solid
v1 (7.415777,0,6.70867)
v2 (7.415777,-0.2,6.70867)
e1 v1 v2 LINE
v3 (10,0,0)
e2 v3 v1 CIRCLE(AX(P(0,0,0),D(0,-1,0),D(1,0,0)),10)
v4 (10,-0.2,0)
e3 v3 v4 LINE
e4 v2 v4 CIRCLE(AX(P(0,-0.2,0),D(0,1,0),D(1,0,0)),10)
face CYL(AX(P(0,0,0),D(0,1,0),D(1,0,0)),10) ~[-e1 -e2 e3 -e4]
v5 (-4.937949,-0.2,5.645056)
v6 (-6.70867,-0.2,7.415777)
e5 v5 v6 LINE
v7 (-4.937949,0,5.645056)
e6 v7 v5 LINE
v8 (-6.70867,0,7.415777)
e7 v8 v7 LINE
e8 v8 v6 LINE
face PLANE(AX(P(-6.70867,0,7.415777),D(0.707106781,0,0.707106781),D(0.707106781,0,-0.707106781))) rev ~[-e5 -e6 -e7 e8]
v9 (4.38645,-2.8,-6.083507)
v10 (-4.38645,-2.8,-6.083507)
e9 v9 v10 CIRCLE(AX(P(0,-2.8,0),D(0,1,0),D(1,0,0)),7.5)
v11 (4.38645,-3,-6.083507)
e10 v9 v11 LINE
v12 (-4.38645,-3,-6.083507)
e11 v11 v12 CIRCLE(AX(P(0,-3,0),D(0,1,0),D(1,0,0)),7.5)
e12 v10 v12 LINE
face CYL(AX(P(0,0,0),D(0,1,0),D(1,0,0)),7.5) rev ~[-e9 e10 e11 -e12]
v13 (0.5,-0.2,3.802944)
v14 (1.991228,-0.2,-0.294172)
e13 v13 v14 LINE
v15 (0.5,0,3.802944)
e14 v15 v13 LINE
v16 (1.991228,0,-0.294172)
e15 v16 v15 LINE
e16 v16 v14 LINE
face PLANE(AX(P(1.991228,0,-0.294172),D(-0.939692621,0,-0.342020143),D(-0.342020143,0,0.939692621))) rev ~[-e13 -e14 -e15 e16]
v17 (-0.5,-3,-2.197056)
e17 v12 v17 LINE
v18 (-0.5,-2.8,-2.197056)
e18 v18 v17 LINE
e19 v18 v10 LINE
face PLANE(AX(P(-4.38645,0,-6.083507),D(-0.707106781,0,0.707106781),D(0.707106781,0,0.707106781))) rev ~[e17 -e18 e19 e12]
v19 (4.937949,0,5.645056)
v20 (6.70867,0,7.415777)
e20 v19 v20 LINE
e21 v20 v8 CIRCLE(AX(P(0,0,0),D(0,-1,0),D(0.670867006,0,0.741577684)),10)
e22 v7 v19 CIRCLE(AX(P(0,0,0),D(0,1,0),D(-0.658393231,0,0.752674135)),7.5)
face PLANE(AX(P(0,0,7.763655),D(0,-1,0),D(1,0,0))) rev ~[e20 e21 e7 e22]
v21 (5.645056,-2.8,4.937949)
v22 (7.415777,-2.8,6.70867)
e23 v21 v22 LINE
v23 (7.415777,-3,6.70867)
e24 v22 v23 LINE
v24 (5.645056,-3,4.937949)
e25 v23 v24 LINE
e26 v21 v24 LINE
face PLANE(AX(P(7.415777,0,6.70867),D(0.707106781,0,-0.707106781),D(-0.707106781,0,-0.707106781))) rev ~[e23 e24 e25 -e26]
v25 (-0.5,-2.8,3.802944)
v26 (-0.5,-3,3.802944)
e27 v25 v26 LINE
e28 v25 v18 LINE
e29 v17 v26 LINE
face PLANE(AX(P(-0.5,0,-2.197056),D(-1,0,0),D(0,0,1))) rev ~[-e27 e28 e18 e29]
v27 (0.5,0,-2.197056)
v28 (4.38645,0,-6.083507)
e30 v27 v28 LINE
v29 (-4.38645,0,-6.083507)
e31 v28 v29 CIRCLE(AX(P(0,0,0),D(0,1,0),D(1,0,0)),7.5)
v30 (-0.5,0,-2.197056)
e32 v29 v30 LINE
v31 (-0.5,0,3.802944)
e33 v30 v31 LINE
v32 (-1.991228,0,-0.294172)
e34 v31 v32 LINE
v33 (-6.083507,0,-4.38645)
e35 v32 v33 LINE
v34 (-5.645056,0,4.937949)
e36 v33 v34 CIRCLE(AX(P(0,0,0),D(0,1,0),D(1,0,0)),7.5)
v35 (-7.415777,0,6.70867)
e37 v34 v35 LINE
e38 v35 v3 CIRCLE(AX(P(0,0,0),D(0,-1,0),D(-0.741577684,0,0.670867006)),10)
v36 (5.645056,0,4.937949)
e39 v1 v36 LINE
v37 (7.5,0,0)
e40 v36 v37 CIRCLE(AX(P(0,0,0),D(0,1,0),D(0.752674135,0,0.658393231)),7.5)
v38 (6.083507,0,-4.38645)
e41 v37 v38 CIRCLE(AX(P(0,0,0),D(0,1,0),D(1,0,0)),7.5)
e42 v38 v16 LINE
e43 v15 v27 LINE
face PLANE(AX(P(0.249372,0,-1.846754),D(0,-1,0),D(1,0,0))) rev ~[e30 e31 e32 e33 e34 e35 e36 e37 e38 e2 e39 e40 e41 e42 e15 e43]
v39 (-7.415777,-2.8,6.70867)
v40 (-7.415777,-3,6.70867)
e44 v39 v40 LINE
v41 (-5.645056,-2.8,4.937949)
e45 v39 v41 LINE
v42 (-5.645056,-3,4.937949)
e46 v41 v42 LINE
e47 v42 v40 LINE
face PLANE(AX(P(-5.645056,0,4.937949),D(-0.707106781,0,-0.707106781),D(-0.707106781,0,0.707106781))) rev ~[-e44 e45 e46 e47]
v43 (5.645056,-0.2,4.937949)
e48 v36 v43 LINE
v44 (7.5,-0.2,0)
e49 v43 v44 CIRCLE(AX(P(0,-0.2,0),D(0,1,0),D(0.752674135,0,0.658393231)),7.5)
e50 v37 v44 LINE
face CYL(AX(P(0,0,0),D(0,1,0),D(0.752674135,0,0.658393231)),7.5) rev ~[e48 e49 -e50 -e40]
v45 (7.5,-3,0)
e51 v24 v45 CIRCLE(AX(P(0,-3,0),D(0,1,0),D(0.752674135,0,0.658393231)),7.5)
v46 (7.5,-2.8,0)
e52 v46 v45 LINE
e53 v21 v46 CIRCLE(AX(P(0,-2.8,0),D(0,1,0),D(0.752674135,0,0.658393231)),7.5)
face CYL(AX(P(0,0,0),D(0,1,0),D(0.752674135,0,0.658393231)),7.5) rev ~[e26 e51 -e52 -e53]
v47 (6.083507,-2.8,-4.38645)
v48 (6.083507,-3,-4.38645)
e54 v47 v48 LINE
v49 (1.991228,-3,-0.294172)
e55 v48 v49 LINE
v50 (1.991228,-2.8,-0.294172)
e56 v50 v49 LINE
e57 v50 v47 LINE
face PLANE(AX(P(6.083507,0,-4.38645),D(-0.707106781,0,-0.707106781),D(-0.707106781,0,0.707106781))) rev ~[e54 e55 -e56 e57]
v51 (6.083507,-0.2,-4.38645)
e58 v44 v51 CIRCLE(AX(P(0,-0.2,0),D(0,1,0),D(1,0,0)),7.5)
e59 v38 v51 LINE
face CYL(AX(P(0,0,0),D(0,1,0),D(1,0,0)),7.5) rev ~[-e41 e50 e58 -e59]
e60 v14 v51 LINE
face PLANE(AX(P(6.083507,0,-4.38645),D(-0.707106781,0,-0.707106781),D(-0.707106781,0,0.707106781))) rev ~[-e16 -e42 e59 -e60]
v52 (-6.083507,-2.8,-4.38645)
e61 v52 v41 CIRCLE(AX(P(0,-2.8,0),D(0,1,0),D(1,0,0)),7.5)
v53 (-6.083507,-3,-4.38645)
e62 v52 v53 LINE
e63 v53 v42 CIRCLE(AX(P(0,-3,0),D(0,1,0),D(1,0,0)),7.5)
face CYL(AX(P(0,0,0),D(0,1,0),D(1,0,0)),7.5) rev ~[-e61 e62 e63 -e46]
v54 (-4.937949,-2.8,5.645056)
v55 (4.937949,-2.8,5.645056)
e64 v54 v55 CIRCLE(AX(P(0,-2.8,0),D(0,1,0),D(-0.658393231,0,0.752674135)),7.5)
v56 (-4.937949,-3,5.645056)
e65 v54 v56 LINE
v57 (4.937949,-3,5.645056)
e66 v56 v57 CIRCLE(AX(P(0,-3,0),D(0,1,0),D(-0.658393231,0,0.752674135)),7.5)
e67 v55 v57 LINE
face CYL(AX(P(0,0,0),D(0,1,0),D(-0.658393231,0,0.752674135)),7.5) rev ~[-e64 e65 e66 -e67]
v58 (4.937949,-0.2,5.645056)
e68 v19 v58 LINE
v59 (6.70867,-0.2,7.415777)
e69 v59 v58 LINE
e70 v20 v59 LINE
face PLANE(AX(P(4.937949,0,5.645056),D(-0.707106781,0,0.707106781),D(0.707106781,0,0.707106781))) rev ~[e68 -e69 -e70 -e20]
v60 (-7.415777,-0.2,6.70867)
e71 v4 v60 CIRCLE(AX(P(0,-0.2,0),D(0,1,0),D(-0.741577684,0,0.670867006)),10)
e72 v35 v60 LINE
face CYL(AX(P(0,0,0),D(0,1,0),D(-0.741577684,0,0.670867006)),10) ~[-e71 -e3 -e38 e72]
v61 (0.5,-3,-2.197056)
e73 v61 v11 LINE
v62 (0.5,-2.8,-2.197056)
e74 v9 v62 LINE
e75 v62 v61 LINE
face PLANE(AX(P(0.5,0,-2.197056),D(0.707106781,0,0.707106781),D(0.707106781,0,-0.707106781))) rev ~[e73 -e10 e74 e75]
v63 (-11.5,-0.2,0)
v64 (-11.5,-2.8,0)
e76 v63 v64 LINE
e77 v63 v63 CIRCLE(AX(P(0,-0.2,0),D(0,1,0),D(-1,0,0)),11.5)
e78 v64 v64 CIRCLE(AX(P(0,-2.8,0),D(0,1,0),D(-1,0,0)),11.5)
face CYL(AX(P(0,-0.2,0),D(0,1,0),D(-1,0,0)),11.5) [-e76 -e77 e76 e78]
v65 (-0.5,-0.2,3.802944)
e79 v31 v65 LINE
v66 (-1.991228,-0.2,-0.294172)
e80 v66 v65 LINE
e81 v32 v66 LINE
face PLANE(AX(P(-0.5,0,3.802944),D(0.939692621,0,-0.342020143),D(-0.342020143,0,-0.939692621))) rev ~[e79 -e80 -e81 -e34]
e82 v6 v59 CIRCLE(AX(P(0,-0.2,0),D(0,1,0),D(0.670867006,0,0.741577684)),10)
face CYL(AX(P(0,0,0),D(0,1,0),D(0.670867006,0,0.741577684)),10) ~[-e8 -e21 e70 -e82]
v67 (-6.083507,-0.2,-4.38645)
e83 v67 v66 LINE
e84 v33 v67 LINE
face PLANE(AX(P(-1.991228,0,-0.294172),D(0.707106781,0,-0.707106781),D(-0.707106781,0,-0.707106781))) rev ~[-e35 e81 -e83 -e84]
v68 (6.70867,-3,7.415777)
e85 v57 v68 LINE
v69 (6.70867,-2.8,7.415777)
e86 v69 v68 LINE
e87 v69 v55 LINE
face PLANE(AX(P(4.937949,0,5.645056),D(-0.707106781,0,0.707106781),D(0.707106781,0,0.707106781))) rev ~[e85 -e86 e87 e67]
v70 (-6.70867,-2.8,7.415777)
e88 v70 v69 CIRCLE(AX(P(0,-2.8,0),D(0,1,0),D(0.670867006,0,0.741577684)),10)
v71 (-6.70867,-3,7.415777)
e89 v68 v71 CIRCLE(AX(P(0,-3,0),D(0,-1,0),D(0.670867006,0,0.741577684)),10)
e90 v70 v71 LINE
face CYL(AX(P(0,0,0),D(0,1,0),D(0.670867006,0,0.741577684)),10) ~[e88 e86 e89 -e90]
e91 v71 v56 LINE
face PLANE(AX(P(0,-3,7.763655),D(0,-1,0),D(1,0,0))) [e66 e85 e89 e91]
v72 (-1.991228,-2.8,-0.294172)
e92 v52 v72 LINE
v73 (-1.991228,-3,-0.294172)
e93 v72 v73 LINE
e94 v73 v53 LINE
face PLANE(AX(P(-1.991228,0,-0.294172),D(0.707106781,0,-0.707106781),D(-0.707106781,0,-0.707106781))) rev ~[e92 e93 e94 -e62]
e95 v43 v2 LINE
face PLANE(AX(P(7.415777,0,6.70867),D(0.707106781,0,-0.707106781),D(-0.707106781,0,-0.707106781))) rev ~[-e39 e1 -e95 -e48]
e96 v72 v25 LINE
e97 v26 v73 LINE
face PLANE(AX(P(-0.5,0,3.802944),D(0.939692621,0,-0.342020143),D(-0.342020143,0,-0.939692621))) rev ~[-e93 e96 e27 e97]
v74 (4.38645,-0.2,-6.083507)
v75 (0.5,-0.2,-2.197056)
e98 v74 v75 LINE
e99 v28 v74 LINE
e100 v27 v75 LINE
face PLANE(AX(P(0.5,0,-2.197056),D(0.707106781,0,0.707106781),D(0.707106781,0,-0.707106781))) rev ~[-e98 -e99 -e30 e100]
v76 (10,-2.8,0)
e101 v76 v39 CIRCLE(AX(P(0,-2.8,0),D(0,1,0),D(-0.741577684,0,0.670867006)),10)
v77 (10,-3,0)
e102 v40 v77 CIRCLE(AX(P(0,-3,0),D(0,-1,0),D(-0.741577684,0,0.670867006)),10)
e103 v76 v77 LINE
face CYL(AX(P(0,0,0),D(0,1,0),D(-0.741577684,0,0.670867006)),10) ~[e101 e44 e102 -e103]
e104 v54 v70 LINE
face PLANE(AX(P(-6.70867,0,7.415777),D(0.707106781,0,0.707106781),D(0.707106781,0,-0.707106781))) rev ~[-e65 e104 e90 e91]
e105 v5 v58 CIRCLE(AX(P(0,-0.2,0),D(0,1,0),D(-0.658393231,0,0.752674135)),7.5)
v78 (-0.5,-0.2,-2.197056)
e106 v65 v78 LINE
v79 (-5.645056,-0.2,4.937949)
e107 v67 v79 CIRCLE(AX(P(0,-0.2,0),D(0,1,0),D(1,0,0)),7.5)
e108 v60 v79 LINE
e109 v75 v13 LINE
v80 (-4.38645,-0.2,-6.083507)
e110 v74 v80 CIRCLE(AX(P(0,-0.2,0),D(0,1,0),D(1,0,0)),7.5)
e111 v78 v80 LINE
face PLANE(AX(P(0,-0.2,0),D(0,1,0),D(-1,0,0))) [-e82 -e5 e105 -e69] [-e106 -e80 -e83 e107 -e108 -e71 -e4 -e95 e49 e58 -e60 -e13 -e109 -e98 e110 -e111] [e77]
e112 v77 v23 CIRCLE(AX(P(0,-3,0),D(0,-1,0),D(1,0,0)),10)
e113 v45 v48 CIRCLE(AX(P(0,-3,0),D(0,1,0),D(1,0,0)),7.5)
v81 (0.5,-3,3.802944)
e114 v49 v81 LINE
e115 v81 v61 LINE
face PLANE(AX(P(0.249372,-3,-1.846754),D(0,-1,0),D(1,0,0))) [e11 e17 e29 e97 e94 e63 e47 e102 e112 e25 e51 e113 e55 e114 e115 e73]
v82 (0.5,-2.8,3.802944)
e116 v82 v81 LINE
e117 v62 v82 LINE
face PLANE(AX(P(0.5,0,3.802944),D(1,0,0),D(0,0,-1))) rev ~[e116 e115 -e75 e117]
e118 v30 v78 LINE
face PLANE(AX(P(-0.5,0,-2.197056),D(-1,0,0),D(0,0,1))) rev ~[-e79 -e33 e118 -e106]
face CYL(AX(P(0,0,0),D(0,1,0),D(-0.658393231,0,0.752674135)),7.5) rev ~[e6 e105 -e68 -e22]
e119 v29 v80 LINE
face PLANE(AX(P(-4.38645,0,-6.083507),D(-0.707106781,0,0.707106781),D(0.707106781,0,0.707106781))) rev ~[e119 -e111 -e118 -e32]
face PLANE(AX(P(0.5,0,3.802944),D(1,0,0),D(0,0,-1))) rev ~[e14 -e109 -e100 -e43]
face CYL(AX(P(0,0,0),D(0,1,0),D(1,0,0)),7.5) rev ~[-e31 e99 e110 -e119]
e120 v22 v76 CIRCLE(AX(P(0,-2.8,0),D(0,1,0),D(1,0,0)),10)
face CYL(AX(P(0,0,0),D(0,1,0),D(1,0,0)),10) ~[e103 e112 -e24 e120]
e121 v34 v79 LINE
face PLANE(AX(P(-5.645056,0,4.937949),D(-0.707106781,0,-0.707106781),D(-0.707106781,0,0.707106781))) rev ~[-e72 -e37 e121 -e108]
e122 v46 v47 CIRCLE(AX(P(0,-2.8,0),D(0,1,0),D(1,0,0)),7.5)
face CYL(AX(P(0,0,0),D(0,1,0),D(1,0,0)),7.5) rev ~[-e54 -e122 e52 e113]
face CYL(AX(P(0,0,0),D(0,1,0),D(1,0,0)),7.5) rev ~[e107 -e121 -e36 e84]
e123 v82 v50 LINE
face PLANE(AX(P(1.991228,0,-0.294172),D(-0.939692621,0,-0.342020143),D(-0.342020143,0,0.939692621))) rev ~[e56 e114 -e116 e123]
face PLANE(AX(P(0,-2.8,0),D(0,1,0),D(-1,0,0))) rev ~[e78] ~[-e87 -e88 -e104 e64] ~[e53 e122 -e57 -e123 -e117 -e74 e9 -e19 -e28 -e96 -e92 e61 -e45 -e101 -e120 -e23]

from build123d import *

# Parameters (mm, degrees)
F1_DEPTH = 3
F2_DEPTH = 3
F4_DEPTH = 3
F6_R     = 11.5
F7_DEPTH = 2.6


with BuildPart() as f1:
    # F0 (on Front) → F1 (new body)
    with BuildSketch(Plane.XZ):
        with BuildLine():
            ThreePointArc((-7.4157768365, 6.7086700553), (-3.5945953621, -9.331606731), (10, 0))
            ThreePointArc((10, 0), (9.331606731, 3.5945953621), (7.4157768365, 6.7086700553))
            Line((7.4157768365, 6.7086700553), (5.6450560127, 4.9379492315))
            ThreePointArc((5.6450560127, 4.9379492315), (7.0209657489, 2.6374305588), (7.5, 0))
            ThreePointArc((7.5, 0), (-2.6374305588, -7.0209657489), (-5.6450560127, 4.9379492315))
            Line((-5.6450560127, 4.9379492315), (-7.4157768365, 6.7086700553))
        make_face()
    extrude(amount=F1_DEPTH)

    # F3 (on Front) → F4 (join, through all)
    with BuildSketch(Plane.XZ):
        with BuildLine():
            Line((-1.9912281105, -0.2941718356), (-6.0835066474, -4.3864503726))
            ThreePointArc((-6.0835066474, -4.3864503726), (-5.7118298294, -4.8605555238), (-5.3033008589, -5.3033008589))
            Line((-5.3033008589, -5.3033008589), (-0.5, -0.5))
            Line((-0.5, -0.5), (-0.5, 1.1970562748))
            Line((-0.5, 1.1970562748), (-1.9912281105, -0.2941718356))
        make_face()
        with BuildLine():
            Line((-0.5, -0.5), (-5.3033008589, -5.3033008589))
            ThreePointArc((-5.3033008589, -5.3033008589), (-4.8605555238, -5.7118298294), (-4.3864503726, -6.0835066474))
            Line((-4.3864503726, -6.0835066474), (-0.5, -2.1970562748))
            Line((-0.5, -2.1970562748), (-0.5, -0.5))
        make_face()
        Polygon((-0.5, 3.8029437252), (-1.9912281105, -0.2941718356), (-0.5, 1.1970562748), align=None)
        with BuildLine():
            Line((0.5, -0.5), (5.3033008589, -5.3033008589))
            ThreePointArc((5.3033008589, -5.3033008589), (5.7118298294, -4.8605555238), (6.0835066474, -4.3864503726))
            Line((6.0835066474, -4.3864503726), (1.9912281105, -0.2941718356))
            Line((1.9912281105, -0.2941718356), (0.5, 1.1970562748))
            Line((0.5, 1.1970562748), (0.5, -0.5))
        make_face()
        with BuildLine():
            Line((0.5, -2.1970562748), (4.3864503726, -6.0835066474))
            ThreePointArc((4.3864503726, -6.0835066474), (4.8605555238, -5.7118298294), (5.3033008589, -5.3033008589))
            Line((5.3033008589, -5.3033008589), (0.5, -0.5))
            Line((0.5, -0.5), (0.5, -2.1970562748))
        make_face()
        Polygon((0.5, 3.8029437252), (0.5, 1.1970562748), (1.9912281105, -0.2941718356), align=None)
    extrude(amount=F4_DEPTH)



with BuildPart() as f2:
    # F0 (on Front) → F2 (new body, through all)
    with BuildSketch(Plane.XZ):
        with BuildLine():
            Line((4.9379492315, 5.6450560127), (6.7086700553, 7.4157768365))
            ThreePointArc((6.7086700553, 7.4157768365), (0, 10), (-6.7086700553, 7.4157768365))
            Line((-6.7086700553, 7.4157768365), (-4.9379492315, 5.6450560127))
            ThreePointArc((-4.9379492315, 5.6450560127), (0, 7.5), (4.9379492315, 5.6450560127))
        make_face()
    extrude(amount=F2_DEPTH)


with BuildPart() as f1_1:
    add(f1.part)

    add(f2.part)  # F7 merges F2
    # F6 (on offset) → F7 (join)
    with BuildSketch(Plane(origin=(0, -0.2, 0), x_dir=(-1, 0, 0), z_dir=(0, 1, 0))):
        Circle(F6_R)
    extrude(amount=-F7_DEPTH)


solid = f1_1.part
